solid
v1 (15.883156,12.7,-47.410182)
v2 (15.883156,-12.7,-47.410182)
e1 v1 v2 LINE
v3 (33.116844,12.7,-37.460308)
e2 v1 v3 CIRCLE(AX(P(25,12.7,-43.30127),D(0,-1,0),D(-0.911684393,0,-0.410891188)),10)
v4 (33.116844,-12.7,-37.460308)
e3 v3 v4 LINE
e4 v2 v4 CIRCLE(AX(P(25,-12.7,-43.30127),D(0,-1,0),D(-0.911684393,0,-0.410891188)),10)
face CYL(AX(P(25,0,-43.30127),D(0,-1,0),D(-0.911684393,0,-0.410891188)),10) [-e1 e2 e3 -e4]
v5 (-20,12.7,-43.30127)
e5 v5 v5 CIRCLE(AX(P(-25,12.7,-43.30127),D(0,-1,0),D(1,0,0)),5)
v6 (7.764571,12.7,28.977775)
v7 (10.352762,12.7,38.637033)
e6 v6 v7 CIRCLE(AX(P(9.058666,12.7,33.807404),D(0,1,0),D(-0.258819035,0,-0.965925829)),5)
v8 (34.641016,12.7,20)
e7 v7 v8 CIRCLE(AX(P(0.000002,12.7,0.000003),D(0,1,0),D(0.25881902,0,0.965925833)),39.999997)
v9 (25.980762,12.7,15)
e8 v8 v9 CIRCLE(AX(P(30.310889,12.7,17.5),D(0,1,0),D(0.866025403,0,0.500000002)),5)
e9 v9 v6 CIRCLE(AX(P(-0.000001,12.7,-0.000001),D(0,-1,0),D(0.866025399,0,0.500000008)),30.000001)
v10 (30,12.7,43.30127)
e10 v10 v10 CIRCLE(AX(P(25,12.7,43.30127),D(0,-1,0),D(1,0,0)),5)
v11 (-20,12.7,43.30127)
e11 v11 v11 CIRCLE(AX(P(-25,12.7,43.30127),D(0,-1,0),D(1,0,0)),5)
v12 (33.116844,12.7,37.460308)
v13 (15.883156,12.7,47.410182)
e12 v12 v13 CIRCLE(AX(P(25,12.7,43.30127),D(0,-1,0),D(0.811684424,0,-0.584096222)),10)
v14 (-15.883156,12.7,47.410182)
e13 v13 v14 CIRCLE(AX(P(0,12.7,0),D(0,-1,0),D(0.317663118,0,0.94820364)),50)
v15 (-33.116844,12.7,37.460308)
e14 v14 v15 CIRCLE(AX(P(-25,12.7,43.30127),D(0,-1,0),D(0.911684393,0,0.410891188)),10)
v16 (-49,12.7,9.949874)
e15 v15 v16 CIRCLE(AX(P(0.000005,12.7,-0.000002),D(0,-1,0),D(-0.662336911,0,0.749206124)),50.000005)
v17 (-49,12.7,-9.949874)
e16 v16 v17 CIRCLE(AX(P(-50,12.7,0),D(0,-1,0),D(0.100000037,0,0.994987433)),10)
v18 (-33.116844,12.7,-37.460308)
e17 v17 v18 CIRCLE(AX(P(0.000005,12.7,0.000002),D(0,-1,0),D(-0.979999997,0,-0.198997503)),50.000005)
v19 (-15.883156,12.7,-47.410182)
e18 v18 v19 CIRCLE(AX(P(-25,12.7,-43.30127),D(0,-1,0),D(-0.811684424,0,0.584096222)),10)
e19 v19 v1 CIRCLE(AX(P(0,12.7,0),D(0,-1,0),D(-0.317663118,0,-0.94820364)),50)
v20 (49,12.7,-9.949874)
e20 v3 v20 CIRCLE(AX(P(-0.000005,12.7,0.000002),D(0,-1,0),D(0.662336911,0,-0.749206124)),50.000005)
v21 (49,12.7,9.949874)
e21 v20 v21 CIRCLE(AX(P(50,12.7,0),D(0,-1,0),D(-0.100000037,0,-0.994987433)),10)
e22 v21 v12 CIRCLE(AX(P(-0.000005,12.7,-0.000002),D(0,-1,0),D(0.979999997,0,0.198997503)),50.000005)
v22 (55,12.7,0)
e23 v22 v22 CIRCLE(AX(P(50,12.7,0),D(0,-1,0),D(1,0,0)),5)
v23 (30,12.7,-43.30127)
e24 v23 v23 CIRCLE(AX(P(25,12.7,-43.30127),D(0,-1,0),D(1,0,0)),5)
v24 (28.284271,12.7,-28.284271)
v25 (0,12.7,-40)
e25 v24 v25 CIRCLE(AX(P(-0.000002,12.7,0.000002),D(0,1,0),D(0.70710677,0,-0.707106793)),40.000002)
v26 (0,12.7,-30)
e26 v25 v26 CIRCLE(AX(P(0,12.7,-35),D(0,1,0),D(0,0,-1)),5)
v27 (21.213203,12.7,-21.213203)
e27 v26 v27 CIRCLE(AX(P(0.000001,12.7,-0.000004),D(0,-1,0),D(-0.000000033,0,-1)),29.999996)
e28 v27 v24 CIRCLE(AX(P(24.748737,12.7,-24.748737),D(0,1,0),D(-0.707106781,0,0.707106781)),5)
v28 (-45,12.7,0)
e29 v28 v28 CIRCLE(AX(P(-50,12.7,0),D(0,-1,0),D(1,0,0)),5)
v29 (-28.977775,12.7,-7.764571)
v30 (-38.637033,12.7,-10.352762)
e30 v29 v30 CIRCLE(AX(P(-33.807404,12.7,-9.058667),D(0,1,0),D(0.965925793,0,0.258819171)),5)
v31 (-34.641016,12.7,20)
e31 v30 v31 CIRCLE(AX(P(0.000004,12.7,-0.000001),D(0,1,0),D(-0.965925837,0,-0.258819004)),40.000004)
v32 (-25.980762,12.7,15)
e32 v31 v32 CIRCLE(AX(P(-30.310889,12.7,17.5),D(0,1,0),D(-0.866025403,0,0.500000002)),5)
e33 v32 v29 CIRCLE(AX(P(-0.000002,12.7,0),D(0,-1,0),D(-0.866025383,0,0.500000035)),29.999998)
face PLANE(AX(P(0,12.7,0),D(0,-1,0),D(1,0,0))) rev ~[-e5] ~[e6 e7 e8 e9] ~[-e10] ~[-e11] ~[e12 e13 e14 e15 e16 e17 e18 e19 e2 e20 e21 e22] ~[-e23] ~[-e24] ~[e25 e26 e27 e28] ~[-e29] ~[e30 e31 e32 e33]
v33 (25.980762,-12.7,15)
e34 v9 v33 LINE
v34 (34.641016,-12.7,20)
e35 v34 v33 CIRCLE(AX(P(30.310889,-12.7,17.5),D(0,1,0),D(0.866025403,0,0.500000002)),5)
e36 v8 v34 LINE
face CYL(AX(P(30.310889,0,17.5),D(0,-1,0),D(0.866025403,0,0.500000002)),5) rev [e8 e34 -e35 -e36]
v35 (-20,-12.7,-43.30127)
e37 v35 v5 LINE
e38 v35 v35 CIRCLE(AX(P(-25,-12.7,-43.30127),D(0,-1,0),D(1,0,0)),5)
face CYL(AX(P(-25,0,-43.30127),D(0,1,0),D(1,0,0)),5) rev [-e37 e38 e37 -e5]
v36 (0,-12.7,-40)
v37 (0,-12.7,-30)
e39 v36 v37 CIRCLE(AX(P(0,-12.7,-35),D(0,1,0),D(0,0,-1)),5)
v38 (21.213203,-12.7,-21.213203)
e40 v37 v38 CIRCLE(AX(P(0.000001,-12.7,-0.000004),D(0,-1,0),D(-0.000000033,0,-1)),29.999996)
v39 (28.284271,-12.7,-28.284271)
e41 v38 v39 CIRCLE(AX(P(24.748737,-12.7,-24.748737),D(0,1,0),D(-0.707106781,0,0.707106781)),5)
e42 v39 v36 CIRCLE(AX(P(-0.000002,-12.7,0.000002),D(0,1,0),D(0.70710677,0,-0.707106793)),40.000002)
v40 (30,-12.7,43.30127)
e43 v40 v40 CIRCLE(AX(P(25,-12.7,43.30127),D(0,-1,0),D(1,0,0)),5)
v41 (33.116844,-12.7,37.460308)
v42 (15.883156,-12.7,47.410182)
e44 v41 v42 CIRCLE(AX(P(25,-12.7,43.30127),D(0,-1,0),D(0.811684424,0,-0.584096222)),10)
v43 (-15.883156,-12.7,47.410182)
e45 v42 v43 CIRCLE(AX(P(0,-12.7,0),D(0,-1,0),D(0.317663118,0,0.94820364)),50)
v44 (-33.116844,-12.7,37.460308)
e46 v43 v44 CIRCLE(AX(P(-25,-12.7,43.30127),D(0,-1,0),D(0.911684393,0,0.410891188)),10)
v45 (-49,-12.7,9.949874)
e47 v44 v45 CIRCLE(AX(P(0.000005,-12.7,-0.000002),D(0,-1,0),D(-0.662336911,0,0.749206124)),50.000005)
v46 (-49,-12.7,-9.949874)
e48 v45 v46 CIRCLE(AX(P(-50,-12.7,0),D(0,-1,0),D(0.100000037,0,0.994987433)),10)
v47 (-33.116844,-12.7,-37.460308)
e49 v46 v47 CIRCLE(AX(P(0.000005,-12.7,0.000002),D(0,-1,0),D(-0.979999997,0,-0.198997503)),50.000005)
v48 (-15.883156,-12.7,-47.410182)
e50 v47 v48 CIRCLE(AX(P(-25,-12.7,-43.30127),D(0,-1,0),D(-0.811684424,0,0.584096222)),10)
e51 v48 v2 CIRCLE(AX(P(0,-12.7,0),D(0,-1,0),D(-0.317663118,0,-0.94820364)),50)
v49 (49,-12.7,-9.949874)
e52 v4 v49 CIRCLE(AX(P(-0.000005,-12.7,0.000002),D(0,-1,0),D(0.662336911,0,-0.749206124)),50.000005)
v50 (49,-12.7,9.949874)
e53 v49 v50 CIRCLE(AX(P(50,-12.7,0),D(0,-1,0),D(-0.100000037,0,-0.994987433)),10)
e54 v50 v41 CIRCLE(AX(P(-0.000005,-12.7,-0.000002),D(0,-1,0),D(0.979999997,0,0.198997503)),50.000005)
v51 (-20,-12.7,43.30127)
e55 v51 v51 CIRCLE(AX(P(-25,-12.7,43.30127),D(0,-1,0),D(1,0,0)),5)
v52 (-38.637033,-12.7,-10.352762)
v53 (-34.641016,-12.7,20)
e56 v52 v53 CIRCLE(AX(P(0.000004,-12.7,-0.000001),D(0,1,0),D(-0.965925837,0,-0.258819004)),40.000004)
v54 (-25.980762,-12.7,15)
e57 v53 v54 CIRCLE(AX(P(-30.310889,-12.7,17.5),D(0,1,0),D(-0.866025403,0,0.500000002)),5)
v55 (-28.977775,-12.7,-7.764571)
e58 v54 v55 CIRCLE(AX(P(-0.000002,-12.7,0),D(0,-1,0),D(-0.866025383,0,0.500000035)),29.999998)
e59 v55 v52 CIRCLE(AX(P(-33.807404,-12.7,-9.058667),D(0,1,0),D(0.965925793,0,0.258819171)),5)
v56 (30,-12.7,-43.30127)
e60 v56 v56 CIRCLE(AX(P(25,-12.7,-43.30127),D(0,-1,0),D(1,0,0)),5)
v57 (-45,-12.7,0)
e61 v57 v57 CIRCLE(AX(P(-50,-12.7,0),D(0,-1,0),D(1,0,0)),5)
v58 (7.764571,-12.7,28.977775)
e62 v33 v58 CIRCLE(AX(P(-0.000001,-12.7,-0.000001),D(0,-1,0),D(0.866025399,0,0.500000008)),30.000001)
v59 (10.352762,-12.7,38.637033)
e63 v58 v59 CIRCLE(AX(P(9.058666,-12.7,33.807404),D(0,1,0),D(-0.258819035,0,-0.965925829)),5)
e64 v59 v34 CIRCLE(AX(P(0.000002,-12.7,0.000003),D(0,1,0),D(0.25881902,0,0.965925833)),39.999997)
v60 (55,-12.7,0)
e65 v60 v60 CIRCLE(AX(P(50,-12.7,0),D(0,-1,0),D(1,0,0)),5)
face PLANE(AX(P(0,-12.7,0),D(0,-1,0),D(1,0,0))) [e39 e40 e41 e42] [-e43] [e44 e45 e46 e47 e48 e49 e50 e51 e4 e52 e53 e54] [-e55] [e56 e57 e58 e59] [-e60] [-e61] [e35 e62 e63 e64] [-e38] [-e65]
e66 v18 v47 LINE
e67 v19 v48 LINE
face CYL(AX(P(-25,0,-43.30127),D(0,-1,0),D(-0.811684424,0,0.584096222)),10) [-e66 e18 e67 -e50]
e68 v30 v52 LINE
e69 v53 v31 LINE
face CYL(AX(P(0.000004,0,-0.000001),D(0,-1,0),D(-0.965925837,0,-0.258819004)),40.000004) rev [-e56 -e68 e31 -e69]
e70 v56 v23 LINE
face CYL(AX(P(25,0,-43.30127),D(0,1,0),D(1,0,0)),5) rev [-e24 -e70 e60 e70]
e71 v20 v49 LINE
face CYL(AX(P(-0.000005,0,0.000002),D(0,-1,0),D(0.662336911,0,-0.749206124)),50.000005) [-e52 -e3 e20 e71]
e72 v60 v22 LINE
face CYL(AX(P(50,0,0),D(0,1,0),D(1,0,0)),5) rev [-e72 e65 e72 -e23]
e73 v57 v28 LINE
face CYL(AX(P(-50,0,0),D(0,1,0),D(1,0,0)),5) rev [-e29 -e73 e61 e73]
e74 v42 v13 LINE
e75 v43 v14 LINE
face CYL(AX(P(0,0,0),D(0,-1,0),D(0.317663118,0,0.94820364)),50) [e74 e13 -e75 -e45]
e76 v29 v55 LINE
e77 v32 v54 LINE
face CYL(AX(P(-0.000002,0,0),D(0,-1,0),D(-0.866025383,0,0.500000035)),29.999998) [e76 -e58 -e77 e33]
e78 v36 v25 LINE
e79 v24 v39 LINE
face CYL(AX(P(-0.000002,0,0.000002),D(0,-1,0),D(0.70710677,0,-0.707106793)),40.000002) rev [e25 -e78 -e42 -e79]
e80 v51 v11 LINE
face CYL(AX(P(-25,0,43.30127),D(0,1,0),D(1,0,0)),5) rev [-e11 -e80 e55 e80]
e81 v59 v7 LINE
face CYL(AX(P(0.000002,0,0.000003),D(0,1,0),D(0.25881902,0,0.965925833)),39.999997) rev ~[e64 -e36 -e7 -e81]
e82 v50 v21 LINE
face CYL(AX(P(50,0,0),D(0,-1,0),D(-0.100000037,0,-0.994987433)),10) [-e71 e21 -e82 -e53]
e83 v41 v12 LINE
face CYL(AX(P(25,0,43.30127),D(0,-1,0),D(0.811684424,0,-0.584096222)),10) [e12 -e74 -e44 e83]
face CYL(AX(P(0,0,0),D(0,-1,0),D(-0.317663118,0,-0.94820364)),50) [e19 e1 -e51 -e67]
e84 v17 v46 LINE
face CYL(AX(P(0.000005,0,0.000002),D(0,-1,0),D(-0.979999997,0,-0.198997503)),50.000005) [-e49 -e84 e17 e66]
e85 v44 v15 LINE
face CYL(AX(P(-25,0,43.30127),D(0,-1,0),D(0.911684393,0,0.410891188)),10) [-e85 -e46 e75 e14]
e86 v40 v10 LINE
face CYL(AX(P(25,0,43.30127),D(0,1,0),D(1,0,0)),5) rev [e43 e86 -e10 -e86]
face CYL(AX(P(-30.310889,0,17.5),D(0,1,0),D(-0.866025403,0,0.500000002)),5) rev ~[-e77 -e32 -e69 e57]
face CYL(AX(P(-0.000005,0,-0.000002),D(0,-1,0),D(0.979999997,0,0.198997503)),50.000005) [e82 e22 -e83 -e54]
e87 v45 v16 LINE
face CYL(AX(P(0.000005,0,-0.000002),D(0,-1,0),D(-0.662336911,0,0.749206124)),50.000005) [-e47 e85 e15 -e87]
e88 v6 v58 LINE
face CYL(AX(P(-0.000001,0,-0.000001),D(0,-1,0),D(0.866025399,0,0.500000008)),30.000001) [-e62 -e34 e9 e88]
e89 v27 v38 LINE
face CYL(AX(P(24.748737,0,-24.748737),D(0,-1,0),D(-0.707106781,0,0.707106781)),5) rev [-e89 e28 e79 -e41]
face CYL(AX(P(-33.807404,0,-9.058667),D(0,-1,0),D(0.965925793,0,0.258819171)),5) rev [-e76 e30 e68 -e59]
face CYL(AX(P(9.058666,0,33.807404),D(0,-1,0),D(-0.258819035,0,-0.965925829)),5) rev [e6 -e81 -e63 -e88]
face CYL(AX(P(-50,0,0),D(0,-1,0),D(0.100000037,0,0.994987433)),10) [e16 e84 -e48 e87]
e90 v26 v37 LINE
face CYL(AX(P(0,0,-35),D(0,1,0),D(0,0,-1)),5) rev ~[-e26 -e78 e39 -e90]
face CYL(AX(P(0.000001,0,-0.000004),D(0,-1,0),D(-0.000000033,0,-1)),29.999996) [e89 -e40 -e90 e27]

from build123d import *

# Parameters (mm, degrees)
F0_R     = 5
F1_DEPTH = 12.7


with BuildPart() as f1:
    # F0 (on Front) → F1 (new body, symmetric)
    with BuildSketch(Plane.XZ):
        with BuildLine():
            ThreePointArc((-49, 9.949874), (-60, 0), (-49, -9.949874))
            ThreePointArc((-49, -9.949874), (-43.30127, -25), (-33.116844, -37.460308))
            ThreePointArc((-33.116844, -37.460308), (-30, -51.961524), (-15.883156, -47.410182))
            ThreePointArc((-15.883156, -47.410182), (0, -50), (15.883156, -47.410182))
            ThreePointArc((15.883156, -47.410182), (30, -51.961524), (33.116844, -37.460308))
            ThreePointArc((33.116844, -37.460308), (43.30127, -25), (49, -9.949874))
            ThreePointArc((49, -9.949874), (60, 0), (49, 9.949874))
            ThreePointArc((49, 9.949874), (43.30127, 25), (33.116844, 37.460308))
            ThreePointArc((33.116844, 37.460308), (30, 51.961524), (15.883156, 47.410182))
            ThreePointArc((15.883156, 47.410182), (0, 50), (-15.883156, 47.410182))
            ThreePointArc((-15.883156, 47.410182), (-30, 51.961524), (-33.116844, 37.460308))
            ThreePointArc((-33.116844, 37.460308), (-43.30127, 25), (-49, 9.949874))
        make_face()
        with Locations((-25, -43.30127)):
            Circle(F0_R, mode=Mode.SUBTRACT)
        with Locations((25, -43.30127)):
            Circle(F0_R, mode=Mode.SUBTRACT)
        with BuildLine():
            ThreePointArc((28.284271, -28.284271), (15.307337, -36.955181), (0, -40))
            ThreePointArc((0, -40), (-5, -35), (0, -30))
            ThreePointArc((0, -30), (11.480503, -27.716386), (21.213203, -21.213203))
            ThreePointArc((21.213203, -21.213203), (28.284271, -21.213203), (28.284271, -28.284271))
        make_face(mode=Mode.SUBTRACT)
        with Locations((-50, 0)):
            Circle(F0_R, mode=Mode.SUBTRACT)
        with BuildLine():
            ThreePointArc((-38.637033, -10.352762), (-39.657794, 5.221048), (-34.641016, 20))
            ThreePointArc((-34.641016, 20), (-27.810889, 21.830127), (-25.980762, 15))
            ThreePointArc((-25.980762, 15), (-29.743346, 3.915786), (-28.977775, -7.764571))
            ThreePointArc((-28.977775, -7.764571), (-32.513309, -13.888296), (-38.637033, -10.352762))
        make_face(mode=Mode.SUBTRACT)
        with Locations((-25, 43.30127)):
            Circle(F0_R, mode=Mode.SUBTRACT)
        with BuildLine():
            ThreePointArc((7.764571, 28.977775), (4.229037, 35.101499), (10.352762, 38.637033))
            ThreePointArc((10.352762, 38.637033), (24.350457, 31.734134), (34.641016, 20))
            ThreePointArc((34.641016, 20), (32.810889, 13.169873), (25.980762, 15))
            ThreePointArc((25.980762, 15), (18.262843, 23.8006), (7.764571, 28.977775))
        make_face(mode=Mode.SUBTRACT)
        with Locations((50, 0)):
            Circle(F0_R, mode=Mode.SUBTRACT)
        with Locations((25, 43.30127)):
            Circle(F0_R, mode=Mode.SUBTRACT)
    extrude(amount=F1_DEPTH, both=True)


solid = f1.part
